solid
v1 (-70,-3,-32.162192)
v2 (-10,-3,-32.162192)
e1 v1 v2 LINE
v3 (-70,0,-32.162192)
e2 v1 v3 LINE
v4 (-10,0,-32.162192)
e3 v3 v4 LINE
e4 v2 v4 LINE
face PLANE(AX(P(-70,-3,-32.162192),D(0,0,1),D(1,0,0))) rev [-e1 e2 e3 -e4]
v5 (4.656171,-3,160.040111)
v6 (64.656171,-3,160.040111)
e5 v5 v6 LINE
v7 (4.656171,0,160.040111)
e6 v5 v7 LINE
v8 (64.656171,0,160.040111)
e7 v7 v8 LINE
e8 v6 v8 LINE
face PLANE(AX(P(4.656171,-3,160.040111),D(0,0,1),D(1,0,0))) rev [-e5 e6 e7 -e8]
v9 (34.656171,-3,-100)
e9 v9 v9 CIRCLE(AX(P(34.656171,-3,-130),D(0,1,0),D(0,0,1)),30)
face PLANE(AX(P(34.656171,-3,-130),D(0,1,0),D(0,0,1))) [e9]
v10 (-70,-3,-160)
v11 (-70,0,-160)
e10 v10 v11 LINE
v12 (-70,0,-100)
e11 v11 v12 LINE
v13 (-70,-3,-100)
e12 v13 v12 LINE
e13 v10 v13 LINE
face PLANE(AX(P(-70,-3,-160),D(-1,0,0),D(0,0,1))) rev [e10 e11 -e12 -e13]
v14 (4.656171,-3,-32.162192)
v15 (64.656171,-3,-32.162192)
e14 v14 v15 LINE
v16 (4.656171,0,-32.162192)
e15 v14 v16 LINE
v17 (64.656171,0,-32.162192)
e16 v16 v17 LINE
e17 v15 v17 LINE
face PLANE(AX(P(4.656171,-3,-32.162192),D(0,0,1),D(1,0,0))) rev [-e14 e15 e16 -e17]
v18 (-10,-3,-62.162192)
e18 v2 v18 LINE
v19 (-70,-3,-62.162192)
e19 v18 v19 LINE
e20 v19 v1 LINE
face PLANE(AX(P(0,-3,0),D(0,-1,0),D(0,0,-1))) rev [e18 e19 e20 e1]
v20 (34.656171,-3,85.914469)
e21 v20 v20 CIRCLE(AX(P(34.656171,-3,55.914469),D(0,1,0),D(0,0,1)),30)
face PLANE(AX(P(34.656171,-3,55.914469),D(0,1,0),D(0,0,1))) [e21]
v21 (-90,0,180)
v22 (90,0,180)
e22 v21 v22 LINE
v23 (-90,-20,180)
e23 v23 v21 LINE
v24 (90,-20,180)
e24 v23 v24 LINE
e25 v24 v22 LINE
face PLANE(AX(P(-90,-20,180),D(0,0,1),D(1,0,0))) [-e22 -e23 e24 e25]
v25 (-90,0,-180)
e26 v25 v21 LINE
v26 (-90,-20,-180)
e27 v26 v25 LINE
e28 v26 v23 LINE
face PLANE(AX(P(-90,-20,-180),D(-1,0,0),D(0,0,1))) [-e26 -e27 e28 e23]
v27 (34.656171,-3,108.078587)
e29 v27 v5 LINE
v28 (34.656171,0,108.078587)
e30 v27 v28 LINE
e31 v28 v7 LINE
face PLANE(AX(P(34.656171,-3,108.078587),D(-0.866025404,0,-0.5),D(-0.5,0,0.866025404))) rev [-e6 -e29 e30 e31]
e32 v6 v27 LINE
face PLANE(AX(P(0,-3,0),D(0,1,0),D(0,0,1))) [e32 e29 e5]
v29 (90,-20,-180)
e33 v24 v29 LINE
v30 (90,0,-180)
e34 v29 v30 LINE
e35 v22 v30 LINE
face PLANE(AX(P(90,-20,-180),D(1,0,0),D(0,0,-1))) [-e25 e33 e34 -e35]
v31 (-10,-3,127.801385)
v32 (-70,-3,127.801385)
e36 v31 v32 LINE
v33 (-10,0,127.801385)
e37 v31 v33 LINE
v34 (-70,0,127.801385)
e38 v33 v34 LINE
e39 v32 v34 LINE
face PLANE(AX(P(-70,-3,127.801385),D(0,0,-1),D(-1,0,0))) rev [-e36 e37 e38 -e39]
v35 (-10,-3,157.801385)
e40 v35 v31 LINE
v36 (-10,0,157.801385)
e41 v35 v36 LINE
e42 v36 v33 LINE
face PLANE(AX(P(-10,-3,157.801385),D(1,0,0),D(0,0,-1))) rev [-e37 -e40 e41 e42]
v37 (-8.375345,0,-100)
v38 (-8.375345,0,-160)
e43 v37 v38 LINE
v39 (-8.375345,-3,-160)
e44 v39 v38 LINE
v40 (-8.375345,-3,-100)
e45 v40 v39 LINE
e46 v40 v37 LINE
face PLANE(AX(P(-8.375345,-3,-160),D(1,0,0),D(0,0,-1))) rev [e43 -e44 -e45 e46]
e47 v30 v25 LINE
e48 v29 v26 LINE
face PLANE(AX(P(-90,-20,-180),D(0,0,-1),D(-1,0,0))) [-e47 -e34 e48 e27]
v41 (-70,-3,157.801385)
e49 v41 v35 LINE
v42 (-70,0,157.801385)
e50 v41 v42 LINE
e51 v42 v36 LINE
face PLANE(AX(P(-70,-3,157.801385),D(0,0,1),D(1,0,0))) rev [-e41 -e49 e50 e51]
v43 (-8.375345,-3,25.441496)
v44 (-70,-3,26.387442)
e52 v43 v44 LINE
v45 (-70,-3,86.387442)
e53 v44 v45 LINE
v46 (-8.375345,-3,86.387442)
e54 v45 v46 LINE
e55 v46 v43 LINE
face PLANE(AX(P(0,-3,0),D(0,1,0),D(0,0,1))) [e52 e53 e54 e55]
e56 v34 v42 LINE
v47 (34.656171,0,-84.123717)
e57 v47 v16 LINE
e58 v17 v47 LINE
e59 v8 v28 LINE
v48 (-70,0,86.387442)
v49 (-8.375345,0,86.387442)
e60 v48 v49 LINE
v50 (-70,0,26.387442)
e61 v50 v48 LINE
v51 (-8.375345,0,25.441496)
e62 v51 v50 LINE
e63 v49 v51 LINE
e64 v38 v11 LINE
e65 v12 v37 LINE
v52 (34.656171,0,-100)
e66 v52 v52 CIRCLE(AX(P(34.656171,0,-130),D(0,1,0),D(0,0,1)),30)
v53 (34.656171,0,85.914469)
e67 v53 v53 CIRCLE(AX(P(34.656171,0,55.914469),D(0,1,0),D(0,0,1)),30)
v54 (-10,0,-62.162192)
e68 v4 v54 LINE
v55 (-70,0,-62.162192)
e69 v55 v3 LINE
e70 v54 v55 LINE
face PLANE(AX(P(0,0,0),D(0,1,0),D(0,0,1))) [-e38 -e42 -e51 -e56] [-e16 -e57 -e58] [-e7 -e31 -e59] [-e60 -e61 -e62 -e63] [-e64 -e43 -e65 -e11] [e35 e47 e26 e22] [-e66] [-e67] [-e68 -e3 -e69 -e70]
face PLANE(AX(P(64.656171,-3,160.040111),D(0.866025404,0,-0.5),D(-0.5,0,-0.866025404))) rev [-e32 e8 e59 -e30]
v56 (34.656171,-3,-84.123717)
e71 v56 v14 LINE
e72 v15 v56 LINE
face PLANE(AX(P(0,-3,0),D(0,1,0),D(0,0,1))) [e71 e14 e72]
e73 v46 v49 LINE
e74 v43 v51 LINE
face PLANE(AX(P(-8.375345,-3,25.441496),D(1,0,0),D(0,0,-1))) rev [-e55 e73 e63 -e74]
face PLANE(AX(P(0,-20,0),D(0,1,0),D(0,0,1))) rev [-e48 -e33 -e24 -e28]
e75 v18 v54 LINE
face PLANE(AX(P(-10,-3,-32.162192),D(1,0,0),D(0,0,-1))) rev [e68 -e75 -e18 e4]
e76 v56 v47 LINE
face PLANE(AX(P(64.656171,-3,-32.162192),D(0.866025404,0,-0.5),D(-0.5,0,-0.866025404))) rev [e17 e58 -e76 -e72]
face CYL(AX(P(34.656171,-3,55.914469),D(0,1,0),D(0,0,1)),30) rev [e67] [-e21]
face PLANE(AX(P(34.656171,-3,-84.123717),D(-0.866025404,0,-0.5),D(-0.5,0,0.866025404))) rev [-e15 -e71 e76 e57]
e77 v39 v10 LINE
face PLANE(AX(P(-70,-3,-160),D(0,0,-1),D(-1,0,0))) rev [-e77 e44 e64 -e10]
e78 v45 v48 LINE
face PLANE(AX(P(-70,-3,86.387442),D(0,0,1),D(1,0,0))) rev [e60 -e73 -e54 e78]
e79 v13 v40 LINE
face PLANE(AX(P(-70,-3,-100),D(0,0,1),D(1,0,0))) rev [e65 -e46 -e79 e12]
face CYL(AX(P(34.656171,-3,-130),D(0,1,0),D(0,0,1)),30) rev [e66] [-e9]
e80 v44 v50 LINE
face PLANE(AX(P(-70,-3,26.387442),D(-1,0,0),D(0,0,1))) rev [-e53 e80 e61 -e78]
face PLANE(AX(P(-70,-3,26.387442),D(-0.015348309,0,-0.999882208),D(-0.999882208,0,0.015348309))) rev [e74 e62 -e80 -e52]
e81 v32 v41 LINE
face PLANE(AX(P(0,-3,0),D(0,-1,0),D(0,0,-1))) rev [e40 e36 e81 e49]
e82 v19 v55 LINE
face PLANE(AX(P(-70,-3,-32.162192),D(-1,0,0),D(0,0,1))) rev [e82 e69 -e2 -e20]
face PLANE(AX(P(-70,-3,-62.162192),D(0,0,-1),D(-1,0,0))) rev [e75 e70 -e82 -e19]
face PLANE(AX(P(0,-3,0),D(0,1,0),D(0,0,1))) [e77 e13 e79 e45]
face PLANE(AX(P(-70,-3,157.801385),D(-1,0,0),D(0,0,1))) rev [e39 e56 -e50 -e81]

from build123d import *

# Parameters (mm, degrees)
SKETCH1_W           = 180
SKETCH1_H           = 360
BOSS_EXTRUDE1_DEPTH = 20
SKETCH2_R           = 30
SKETCH2_W           = 60
SKETCH2_H           = 30
SKETCH2_W_2         = 61.624654561
SKETCH2_H_2         = 60
CUT_EXTRUDE1_DEPTH  = 3


with BuildPart() as part:
    # Sketch1 → Boss-Extrude1 (new body)
    with BuildSketch(Plane(origin=(0, 0, 0), x_dir=(1, 0, 0), z_dir=(0, 1, 0))):
        Rectangle(SKETCH1_W, SKETCH1_H)
    extrude(amount=-BOSS_EXTRUDE1_DEPTH)

    # Sketch2 → Cut-Extrude1 (cut)
    with BuildSketch(Plane(origin=(0, 0, 0), x_dir=(1, 0, 0), z_dir=(0, 1, 0))):
        with Locations((34.656170811, 130)):
            Circle(SKETCH2_R)
        with Locations((34.656170811, -55.914468779)):
            Circle(SKETCH2_R)
        with Locations((-40, 47.162192329)):
            Rectangle(SKETCH2_W, SKETCH2_H)
        with Locations((-39.18767272, 130)):
            Rectangle(SKETCH2_W_2, SKETCH2_H_2)
        Polygon((4.656170811, 32.162192329), (64.656170811, 32.162192329), (34.656170811, 84.123716556), align=None)
        Polygon((4.656170811, -160.040110734), (64.656170811, -160.040110734), (34.656170811, -108.078586507), align=None)
        with Locations((-40, -142.801384824)):
            Rectangle(SKETCH2_W, SKETCH2_H)
        Polygon((-8.375345439, -25.441495932), (-8.375345439, -86.387441626), (-70, -86.387441626), (-70, -26.387441626), align=None)
    extrude(amount=-CUT_EXTRUDE1_DEPTH, mode=Mode.SUBTRACT)


solid = part.part
